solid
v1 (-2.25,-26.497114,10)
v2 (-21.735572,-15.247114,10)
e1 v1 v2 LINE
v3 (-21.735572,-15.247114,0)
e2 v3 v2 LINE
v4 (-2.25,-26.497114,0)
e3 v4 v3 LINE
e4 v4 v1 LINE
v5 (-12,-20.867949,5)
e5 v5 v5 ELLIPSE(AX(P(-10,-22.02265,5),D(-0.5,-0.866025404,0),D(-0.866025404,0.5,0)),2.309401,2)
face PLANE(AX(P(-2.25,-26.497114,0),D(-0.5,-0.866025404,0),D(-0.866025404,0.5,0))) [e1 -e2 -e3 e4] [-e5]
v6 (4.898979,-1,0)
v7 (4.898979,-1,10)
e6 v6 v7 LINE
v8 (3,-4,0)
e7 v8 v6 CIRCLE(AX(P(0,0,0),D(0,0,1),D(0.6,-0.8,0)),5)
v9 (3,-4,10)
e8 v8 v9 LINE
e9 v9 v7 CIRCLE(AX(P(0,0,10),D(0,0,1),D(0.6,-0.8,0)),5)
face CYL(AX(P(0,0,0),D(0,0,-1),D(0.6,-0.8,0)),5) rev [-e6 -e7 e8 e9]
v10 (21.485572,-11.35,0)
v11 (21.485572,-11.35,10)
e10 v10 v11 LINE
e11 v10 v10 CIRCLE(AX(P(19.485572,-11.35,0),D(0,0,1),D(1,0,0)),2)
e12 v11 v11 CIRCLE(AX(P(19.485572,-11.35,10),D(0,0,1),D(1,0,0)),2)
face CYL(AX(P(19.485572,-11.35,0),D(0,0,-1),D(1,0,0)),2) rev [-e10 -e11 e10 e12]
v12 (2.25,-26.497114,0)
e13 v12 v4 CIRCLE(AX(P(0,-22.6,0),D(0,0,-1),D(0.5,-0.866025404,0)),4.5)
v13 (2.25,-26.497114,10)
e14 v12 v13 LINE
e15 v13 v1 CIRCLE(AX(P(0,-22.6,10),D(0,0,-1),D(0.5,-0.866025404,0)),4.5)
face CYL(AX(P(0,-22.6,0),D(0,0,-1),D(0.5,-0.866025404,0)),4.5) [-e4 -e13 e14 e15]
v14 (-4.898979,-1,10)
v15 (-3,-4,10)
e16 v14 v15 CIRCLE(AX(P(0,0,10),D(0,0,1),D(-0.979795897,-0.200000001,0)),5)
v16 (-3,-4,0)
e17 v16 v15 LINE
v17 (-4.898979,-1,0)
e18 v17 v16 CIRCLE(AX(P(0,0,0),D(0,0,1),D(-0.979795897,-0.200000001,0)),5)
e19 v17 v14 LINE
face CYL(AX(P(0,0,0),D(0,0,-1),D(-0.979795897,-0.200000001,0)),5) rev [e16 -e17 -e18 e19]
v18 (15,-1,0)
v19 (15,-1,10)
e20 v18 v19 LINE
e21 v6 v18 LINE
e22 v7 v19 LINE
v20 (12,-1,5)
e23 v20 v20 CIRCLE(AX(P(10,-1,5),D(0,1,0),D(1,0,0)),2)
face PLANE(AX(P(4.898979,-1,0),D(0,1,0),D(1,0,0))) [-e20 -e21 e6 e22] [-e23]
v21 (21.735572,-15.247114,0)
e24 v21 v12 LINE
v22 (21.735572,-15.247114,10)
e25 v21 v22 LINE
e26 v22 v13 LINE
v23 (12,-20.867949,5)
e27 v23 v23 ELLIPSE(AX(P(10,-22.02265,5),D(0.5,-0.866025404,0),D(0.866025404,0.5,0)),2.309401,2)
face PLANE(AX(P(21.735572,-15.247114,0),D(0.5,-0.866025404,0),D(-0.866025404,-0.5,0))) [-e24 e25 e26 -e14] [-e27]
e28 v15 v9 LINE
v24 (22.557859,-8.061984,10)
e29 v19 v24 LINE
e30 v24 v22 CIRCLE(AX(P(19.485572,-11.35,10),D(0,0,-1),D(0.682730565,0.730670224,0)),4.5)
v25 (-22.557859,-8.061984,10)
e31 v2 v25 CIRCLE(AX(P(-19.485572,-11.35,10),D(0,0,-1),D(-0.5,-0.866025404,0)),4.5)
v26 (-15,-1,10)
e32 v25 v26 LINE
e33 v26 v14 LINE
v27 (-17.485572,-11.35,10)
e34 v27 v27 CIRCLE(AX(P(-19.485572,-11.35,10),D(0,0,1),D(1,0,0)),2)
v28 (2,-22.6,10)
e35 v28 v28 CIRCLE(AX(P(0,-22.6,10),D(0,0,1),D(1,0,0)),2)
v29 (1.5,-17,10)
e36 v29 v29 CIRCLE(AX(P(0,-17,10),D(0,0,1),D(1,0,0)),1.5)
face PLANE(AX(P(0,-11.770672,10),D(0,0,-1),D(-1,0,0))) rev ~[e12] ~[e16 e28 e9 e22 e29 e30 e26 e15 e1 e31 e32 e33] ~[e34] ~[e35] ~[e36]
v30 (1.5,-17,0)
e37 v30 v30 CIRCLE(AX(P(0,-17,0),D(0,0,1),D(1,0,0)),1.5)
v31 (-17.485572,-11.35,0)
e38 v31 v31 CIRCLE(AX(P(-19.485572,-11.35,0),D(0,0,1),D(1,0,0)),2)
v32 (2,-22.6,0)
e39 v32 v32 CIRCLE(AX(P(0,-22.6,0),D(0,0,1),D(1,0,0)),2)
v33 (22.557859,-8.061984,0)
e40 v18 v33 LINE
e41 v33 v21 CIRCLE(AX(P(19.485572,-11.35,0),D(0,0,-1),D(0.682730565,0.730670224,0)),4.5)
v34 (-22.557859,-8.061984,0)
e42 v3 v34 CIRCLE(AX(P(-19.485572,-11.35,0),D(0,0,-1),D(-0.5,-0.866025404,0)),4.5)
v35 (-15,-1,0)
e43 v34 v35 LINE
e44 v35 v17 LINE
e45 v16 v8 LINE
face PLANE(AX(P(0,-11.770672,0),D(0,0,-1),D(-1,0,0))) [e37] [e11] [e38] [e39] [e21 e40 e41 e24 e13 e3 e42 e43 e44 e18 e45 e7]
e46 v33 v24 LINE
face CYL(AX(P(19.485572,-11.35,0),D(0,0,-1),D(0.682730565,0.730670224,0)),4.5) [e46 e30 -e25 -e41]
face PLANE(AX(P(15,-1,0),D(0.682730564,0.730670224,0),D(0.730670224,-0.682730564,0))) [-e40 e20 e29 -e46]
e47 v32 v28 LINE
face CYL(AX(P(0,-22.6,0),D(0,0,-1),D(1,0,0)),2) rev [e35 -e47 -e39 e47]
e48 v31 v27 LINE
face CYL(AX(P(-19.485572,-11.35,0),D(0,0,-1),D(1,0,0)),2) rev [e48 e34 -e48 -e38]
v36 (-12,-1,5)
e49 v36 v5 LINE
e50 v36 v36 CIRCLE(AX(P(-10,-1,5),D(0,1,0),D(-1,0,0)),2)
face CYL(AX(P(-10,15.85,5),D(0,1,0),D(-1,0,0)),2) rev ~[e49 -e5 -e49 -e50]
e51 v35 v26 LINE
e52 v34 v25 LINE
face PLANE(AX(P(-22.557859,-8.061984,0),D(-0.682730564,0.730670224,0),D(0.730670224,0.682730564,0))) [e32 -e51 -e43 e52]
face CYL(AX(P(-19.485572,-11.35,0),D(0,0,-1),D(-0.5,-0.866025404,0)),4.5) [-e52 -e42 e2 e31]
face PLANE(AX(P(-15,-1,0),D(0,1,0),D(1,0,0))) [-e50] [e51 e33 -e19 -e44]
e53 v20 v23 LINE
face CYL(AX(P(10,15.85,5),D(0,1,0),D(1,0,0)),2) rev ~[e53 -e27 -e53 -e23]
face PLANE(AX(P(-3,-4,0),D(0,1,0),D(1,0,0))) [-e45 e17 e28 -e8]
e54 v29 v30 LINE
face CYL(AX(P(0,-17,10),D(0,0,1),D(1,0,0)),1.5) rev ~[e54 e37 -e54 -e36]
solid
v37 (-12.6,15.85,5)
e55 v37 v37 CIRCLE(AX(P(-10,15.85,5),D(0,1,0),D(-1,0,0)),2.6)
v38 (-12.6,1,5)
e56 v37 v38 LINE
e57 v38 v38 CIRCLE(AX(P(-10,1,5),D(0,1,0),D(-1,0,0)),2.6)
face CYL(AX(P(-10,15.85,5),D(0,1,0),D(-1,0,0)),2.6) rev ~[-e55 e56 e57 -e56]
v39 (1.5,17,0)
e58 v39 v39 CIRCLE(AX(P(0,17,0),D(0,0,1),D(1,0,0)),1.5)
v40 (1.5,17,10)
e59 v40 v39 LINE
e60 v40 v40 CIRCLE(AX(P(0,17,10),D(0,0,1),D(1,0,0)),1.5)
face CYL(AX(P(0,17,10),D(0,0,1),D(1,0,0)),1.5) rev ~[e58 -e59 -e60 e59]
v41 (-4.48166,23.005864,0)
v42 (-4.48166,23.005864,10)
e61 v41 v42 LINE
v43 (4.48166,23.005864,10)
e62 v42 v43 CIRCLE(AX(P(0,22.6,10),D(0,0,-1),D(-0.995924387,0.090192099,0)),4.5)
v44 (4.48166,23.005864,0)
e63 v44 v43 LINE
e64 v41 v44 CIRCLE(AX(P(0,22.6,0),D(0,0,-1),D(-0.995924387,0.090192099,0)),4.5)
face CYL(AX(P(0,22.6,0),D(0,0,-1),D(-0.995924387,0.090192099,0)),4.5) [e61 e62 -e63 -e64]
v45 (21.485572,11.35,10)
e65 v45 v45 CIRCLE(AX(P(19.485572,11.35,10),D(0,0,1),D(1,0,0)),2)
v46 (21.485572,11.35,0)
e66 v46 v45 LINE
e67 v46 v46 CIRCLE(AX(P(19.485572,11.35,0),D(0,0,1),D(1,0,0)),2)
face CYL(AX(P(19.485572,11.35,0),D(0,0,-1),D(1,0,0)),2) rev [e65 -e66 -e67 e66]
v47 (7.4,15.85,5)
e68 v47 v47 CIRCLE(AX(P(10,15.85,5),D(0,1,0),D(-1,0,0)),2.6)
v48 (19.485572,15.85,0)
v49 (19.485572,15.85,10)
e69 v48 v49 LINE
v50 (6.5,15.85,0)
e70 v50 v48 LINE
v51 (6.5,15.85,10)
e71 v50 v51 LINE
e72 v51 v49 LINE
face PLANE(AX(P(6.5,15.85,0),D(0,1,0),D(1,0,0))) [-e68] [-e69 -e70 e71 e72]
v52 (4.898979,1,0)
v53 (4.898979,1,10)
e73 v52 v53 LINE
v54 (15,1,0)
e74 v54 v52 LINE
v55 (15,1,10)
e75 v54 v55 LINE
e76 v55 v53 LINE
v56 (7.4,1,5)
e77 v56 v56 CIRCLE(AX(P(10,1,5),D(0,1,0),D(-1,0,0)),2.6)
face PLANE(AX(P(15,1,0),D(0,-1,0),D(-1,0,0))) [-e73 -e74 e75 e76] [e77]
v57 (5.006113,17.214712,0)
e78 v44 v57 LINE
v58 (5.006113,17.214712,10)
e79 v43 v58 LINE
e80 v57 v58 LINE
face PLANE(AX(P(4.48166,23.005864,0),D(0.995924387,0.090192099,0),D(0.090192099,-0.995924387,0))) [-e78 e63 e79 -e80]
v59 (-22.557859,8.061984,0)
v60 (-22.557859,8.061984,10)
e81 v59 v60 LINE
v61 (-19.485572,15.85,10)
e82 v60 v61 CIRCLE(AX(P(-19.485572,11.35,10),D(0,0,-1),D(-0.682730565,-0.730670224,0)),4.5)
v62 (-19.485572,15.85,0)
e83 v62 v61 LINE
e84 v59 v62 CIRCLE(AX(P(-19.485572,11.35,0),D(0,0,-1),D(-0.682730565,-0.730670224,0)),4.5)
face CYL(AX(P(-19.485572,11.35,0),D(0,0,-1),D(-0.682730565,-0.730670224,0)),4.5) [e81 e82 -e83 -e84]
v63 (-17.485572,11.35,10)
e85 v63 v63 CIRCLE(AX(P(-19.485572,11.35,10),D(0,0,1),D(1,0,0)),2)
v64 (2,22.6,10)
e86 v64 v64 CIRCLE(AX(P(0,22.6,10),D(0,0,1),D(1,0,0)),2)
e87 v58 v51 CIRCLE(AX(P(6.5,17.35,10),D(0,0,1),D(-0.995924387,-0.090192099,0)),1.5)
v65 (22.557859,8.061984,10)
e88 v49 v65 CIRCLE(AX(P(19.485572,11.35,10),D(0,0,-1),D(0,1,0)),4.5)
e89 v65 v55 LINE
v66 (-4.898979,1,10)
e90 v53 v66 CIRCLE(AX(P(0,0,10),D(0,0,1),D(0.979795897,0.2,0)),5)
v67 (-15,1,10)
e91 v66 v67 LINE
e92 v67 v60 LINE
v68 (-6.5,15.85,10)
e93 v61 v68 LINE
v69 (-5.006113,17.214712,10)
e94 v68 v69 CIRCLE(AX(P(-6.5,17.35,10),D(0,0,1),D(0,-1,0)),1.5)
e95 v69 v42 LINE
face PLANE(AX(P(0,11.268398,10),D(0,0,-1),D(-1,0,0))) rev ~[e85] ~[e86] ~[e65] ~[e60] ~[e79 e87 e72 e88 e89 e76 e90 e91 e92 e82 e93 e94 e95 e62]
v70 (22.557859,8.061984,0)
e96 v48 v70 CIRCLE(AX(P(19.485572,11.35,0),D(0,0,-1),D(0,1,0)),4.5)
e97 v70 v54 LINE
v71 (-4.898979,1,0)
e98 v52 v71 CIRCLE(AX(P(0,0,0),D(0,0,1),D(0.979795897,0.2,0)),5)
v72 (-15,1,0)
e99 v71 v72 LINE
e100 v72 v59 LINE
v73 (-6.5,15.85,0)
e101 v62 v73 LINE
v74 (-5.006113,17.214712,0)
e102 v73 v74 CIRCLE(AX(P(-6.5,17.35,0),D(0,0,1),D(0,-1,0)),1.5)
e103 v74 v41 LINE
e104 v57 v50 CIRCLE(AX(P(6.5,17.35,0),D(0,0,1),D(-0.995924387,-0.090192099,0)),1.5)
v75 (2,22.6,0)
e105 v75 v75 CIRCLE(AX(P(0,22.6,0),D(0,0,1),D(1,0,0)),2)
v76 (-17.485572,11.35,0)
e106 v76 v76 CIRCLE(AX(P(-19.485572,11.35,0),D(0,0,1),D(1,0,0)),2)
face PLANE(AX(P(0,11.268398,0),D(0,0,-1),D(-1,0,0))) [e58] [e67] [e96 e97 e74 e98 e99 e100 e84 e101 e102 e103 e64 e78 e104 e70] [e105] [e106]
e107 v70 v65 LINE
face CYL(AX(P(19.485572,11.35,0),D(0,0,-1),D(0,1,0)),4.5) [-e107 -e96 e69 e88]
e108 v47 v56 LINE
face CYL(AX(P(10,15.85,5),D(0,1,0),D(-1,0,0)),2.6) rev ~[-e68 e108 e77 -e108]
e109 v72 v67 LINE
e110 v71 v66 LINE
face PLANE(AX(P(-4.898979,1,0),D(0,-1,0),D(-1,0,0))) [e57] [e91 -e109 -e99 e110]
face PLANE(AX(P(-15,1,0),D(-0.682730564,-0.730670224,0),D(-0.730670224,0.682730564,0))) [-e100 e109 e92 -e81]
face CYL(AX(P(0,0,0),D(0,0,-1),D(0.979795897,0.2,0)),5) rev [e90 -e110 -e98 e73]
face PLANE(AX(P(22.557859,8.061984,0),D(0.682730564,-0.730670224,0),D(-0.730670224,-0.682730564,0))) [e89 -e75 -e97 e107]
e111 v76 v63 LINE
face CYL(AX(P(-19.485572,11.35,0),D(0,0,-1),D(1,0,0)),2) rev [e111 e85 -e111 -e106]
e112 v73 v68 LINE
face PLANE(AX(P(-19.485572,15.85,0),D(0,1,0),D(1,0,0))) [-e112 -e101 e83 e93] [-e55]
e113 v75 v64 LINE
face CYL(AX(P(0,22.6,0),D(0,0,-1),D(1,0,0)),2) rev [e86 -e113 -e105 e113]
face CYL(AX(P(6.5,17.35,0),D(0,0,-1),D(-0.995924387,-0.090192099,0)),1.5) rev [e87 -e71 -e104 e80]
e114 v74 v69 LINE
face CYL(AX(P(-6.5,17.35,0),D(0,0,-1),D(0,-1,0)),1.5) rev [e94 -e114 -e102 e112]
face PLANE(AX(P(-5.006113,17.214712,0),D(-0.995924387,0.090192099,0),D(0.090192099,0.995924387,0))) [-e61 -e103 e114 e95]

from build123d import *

# Parameters (mm, degrees)
SKETCH_1_R          = 2
EXTRUDE_1_DEPTH     = 10
EXTRUDE_1_2_DEPTH   = 10
SKETCH_2_R          = 2.6
CUT_EXTRUDE_1_DEPTH = 14.85
SKETCH_3_R          = 2
CUT_EXTRUDE_2_DEPTH = 51.199702631
SKETCH_4_R          = 1.5
CUT_EXTRUDE_3_DEPTH = 38.546206789


with BuildPart() as part:
    # 草图1 → 凸台-拉伸1 (new body)
    with BuildSketch(Plane.XY):
        with BuildLine():
            Line((-3, -4), (3, -4))
            ThreePointArc((3, -4), (4.224744871, -2.674234614), (4.898979486, -1))
            Line((4.898979486, -1), (15, -1))
            Line((15, -1), (22.557859125, -8.061983991))
            ThreePointArc((22.557859125, -8.061983991), (23.956389252, -11.861653581), (21.735571585, -15.247114317))
            Line((21.735571585, -15.247114317), (2.25, -26.497114317))
            ThreePointArc((2.25, -26.497114317), (0, -27.1), (-2.25, -26.497114317))
            Line((-2.25, -26.497114317), (-21.735571585, -15.247114317))
            ThreePointArc((-21.735571585, -15.247114317), (-23.956389252, -11.861653581), (-22.557859125, -8.061983991))
            Line((-22.557859125, -8.061983991), (-15, -1))
            Line((-15, -1), (-4.898979486, -1))
            ThreePointArc((-4.898979486, -1), (-4.224744871, -2.674234614), (-3, -4))
        make_face()
        with Locations((-19.485571585, -11.35)):
            Circle(SKETCH_1_R, mode=Mode.SUBTRACT)
        with Locations((0, -22.6)):
            Circle(SKETCH_1_R, mode=Mode.SUBTRACT)
        with Locations((19.485571585, -11.35)):
            Circle(SKETCH_1_R, mode=Mode.SUBTRACT)
    extrude(amount=EXTRUDE_1_DEPTH)

    # 草图3 → 切除-拉伸2 (cut, through all)
    with BuildSketch(Plane(origin=(0, 15.85, 0), x_dir=(1, 0, 0), z_dir=(0, 1, 0))):
        with Locations(Location((-10, -5, 0), (0, 0, 180))):
            Circle(SKETCH_3_R)
        with Locations((10, -5)):
            Circle(SKETCH_3_R)
    extrude(amount=-CUT_EXTRUDE_2_DEPTH, mode=Mode.SUBTRACT)


with BuildPart() as body_2:
    # 草图1 → Extrude 1 2 (new body)
    with BuildSketch(Plane.XY):
        with BuildLine():
            Line((-15, 1), (-22.557859125, 8.061983991))
            ThreePointArc((-22.557859125, 8.061983991), (-23.671624143, 13.001352167), (-19.485571585, 15.85))
            Line((-19.485571585, 15.85), (-6.5, 15.85))
            ThreePointArc((-6.5, 15.85), (-5.488301483, 16.242540696), (-5.006113419, 17.214711852))
            Line((-5.006113419, 17.214711852), (-4.481659743, 23.005864444))
            ThreePointArc((-4.481659743, 23.005864444), (0, 27.1), (4.481659743, 23.005864444))
            Line((4.481659743, 23.005864444), (5.006113419, 17.214711852))
            ThreePointArc((5.006113419, 17.214711852), (5.488301483, 16.242540696), (6.5, 15.85))
            Line((6.5, 15.85), (19.485571585, 15.85))
            ThreePointArc((19.485571585, 15.85), (23.671624143, 13.001352167), (22.557859125, 8.061983991))
            Line((22.557859125, 8.061983991), (15, 1))
            Line((15, 1), (4.898979486, 1))
            ThreePointArc((4.898979486, 1), (0, 5), (-4.898979486, 1))
            Line((-4.898979486, 1), (-15, 1))
        make_face()
        with Locations((-19.485571585, 11.35)):
            Circle(SKETCH_1_R, mode=Mode.SUBTRACT)
        with Locations((0, 22.6)):
            Circle(SKETCH_1_R, mode=Mode.SUBTRACT)
        with Locations((19.485571585, 11.35)):
            Circle(SKETCH_1_R, mode=Mode.SUBTRACT)
    extrude(amount=EXTRUDE_1_2_DEPTH)

    # 草图2 → 切除-拉伸1 (cut)
    with BuildSketch(Plane(origin=(0, 15.85, 0), x_dir=(1, 0, 0), z_dir=(0, 1, 0))):
        with Locations(Location((-10, -5, 0), (0, 0, 180))):
            Circle(SKETCH_2_R)
        with Locations(Location((10, -5, 0), (0, 0, 180))):
            Circle(SKETCH_2_R)
    extrude(amount=-CUT_EXTRUDE_1_DEPTH, mode=Mode.SUBTRACT)


with BuildPart() as cut_extrude_3_tool:
    # 草图4 → 切除-拉伸3 (new, through all)
    with BuildSketch(Plane.XY.offset(10)):
        with Locations((0, -17)):
            Circle(SKETCH_4_R)
        with Locations((0, 17)):
            Circle(SKETCH_4_R)
    extrude(amount=-CUT_EXTRUDE_3_DEPTH)


with BuildPart() as part_1:
    add(part.part)

    # 切除-拉伸3: cut by cut_extrude_3_tool
    add(cut_extrude_3_tool.part, mode=Mode.SUBTRACT)


with BuildPart() as body_2_1:
    add(body_2.part)

    # 切除-拉伸3: cut by cut_extrude_3_tool
    add(cut_extrude_3_tool.part, mode=Mode.SUBTRACT)


solid = Compound([part_1.part, body_2_1.part])
